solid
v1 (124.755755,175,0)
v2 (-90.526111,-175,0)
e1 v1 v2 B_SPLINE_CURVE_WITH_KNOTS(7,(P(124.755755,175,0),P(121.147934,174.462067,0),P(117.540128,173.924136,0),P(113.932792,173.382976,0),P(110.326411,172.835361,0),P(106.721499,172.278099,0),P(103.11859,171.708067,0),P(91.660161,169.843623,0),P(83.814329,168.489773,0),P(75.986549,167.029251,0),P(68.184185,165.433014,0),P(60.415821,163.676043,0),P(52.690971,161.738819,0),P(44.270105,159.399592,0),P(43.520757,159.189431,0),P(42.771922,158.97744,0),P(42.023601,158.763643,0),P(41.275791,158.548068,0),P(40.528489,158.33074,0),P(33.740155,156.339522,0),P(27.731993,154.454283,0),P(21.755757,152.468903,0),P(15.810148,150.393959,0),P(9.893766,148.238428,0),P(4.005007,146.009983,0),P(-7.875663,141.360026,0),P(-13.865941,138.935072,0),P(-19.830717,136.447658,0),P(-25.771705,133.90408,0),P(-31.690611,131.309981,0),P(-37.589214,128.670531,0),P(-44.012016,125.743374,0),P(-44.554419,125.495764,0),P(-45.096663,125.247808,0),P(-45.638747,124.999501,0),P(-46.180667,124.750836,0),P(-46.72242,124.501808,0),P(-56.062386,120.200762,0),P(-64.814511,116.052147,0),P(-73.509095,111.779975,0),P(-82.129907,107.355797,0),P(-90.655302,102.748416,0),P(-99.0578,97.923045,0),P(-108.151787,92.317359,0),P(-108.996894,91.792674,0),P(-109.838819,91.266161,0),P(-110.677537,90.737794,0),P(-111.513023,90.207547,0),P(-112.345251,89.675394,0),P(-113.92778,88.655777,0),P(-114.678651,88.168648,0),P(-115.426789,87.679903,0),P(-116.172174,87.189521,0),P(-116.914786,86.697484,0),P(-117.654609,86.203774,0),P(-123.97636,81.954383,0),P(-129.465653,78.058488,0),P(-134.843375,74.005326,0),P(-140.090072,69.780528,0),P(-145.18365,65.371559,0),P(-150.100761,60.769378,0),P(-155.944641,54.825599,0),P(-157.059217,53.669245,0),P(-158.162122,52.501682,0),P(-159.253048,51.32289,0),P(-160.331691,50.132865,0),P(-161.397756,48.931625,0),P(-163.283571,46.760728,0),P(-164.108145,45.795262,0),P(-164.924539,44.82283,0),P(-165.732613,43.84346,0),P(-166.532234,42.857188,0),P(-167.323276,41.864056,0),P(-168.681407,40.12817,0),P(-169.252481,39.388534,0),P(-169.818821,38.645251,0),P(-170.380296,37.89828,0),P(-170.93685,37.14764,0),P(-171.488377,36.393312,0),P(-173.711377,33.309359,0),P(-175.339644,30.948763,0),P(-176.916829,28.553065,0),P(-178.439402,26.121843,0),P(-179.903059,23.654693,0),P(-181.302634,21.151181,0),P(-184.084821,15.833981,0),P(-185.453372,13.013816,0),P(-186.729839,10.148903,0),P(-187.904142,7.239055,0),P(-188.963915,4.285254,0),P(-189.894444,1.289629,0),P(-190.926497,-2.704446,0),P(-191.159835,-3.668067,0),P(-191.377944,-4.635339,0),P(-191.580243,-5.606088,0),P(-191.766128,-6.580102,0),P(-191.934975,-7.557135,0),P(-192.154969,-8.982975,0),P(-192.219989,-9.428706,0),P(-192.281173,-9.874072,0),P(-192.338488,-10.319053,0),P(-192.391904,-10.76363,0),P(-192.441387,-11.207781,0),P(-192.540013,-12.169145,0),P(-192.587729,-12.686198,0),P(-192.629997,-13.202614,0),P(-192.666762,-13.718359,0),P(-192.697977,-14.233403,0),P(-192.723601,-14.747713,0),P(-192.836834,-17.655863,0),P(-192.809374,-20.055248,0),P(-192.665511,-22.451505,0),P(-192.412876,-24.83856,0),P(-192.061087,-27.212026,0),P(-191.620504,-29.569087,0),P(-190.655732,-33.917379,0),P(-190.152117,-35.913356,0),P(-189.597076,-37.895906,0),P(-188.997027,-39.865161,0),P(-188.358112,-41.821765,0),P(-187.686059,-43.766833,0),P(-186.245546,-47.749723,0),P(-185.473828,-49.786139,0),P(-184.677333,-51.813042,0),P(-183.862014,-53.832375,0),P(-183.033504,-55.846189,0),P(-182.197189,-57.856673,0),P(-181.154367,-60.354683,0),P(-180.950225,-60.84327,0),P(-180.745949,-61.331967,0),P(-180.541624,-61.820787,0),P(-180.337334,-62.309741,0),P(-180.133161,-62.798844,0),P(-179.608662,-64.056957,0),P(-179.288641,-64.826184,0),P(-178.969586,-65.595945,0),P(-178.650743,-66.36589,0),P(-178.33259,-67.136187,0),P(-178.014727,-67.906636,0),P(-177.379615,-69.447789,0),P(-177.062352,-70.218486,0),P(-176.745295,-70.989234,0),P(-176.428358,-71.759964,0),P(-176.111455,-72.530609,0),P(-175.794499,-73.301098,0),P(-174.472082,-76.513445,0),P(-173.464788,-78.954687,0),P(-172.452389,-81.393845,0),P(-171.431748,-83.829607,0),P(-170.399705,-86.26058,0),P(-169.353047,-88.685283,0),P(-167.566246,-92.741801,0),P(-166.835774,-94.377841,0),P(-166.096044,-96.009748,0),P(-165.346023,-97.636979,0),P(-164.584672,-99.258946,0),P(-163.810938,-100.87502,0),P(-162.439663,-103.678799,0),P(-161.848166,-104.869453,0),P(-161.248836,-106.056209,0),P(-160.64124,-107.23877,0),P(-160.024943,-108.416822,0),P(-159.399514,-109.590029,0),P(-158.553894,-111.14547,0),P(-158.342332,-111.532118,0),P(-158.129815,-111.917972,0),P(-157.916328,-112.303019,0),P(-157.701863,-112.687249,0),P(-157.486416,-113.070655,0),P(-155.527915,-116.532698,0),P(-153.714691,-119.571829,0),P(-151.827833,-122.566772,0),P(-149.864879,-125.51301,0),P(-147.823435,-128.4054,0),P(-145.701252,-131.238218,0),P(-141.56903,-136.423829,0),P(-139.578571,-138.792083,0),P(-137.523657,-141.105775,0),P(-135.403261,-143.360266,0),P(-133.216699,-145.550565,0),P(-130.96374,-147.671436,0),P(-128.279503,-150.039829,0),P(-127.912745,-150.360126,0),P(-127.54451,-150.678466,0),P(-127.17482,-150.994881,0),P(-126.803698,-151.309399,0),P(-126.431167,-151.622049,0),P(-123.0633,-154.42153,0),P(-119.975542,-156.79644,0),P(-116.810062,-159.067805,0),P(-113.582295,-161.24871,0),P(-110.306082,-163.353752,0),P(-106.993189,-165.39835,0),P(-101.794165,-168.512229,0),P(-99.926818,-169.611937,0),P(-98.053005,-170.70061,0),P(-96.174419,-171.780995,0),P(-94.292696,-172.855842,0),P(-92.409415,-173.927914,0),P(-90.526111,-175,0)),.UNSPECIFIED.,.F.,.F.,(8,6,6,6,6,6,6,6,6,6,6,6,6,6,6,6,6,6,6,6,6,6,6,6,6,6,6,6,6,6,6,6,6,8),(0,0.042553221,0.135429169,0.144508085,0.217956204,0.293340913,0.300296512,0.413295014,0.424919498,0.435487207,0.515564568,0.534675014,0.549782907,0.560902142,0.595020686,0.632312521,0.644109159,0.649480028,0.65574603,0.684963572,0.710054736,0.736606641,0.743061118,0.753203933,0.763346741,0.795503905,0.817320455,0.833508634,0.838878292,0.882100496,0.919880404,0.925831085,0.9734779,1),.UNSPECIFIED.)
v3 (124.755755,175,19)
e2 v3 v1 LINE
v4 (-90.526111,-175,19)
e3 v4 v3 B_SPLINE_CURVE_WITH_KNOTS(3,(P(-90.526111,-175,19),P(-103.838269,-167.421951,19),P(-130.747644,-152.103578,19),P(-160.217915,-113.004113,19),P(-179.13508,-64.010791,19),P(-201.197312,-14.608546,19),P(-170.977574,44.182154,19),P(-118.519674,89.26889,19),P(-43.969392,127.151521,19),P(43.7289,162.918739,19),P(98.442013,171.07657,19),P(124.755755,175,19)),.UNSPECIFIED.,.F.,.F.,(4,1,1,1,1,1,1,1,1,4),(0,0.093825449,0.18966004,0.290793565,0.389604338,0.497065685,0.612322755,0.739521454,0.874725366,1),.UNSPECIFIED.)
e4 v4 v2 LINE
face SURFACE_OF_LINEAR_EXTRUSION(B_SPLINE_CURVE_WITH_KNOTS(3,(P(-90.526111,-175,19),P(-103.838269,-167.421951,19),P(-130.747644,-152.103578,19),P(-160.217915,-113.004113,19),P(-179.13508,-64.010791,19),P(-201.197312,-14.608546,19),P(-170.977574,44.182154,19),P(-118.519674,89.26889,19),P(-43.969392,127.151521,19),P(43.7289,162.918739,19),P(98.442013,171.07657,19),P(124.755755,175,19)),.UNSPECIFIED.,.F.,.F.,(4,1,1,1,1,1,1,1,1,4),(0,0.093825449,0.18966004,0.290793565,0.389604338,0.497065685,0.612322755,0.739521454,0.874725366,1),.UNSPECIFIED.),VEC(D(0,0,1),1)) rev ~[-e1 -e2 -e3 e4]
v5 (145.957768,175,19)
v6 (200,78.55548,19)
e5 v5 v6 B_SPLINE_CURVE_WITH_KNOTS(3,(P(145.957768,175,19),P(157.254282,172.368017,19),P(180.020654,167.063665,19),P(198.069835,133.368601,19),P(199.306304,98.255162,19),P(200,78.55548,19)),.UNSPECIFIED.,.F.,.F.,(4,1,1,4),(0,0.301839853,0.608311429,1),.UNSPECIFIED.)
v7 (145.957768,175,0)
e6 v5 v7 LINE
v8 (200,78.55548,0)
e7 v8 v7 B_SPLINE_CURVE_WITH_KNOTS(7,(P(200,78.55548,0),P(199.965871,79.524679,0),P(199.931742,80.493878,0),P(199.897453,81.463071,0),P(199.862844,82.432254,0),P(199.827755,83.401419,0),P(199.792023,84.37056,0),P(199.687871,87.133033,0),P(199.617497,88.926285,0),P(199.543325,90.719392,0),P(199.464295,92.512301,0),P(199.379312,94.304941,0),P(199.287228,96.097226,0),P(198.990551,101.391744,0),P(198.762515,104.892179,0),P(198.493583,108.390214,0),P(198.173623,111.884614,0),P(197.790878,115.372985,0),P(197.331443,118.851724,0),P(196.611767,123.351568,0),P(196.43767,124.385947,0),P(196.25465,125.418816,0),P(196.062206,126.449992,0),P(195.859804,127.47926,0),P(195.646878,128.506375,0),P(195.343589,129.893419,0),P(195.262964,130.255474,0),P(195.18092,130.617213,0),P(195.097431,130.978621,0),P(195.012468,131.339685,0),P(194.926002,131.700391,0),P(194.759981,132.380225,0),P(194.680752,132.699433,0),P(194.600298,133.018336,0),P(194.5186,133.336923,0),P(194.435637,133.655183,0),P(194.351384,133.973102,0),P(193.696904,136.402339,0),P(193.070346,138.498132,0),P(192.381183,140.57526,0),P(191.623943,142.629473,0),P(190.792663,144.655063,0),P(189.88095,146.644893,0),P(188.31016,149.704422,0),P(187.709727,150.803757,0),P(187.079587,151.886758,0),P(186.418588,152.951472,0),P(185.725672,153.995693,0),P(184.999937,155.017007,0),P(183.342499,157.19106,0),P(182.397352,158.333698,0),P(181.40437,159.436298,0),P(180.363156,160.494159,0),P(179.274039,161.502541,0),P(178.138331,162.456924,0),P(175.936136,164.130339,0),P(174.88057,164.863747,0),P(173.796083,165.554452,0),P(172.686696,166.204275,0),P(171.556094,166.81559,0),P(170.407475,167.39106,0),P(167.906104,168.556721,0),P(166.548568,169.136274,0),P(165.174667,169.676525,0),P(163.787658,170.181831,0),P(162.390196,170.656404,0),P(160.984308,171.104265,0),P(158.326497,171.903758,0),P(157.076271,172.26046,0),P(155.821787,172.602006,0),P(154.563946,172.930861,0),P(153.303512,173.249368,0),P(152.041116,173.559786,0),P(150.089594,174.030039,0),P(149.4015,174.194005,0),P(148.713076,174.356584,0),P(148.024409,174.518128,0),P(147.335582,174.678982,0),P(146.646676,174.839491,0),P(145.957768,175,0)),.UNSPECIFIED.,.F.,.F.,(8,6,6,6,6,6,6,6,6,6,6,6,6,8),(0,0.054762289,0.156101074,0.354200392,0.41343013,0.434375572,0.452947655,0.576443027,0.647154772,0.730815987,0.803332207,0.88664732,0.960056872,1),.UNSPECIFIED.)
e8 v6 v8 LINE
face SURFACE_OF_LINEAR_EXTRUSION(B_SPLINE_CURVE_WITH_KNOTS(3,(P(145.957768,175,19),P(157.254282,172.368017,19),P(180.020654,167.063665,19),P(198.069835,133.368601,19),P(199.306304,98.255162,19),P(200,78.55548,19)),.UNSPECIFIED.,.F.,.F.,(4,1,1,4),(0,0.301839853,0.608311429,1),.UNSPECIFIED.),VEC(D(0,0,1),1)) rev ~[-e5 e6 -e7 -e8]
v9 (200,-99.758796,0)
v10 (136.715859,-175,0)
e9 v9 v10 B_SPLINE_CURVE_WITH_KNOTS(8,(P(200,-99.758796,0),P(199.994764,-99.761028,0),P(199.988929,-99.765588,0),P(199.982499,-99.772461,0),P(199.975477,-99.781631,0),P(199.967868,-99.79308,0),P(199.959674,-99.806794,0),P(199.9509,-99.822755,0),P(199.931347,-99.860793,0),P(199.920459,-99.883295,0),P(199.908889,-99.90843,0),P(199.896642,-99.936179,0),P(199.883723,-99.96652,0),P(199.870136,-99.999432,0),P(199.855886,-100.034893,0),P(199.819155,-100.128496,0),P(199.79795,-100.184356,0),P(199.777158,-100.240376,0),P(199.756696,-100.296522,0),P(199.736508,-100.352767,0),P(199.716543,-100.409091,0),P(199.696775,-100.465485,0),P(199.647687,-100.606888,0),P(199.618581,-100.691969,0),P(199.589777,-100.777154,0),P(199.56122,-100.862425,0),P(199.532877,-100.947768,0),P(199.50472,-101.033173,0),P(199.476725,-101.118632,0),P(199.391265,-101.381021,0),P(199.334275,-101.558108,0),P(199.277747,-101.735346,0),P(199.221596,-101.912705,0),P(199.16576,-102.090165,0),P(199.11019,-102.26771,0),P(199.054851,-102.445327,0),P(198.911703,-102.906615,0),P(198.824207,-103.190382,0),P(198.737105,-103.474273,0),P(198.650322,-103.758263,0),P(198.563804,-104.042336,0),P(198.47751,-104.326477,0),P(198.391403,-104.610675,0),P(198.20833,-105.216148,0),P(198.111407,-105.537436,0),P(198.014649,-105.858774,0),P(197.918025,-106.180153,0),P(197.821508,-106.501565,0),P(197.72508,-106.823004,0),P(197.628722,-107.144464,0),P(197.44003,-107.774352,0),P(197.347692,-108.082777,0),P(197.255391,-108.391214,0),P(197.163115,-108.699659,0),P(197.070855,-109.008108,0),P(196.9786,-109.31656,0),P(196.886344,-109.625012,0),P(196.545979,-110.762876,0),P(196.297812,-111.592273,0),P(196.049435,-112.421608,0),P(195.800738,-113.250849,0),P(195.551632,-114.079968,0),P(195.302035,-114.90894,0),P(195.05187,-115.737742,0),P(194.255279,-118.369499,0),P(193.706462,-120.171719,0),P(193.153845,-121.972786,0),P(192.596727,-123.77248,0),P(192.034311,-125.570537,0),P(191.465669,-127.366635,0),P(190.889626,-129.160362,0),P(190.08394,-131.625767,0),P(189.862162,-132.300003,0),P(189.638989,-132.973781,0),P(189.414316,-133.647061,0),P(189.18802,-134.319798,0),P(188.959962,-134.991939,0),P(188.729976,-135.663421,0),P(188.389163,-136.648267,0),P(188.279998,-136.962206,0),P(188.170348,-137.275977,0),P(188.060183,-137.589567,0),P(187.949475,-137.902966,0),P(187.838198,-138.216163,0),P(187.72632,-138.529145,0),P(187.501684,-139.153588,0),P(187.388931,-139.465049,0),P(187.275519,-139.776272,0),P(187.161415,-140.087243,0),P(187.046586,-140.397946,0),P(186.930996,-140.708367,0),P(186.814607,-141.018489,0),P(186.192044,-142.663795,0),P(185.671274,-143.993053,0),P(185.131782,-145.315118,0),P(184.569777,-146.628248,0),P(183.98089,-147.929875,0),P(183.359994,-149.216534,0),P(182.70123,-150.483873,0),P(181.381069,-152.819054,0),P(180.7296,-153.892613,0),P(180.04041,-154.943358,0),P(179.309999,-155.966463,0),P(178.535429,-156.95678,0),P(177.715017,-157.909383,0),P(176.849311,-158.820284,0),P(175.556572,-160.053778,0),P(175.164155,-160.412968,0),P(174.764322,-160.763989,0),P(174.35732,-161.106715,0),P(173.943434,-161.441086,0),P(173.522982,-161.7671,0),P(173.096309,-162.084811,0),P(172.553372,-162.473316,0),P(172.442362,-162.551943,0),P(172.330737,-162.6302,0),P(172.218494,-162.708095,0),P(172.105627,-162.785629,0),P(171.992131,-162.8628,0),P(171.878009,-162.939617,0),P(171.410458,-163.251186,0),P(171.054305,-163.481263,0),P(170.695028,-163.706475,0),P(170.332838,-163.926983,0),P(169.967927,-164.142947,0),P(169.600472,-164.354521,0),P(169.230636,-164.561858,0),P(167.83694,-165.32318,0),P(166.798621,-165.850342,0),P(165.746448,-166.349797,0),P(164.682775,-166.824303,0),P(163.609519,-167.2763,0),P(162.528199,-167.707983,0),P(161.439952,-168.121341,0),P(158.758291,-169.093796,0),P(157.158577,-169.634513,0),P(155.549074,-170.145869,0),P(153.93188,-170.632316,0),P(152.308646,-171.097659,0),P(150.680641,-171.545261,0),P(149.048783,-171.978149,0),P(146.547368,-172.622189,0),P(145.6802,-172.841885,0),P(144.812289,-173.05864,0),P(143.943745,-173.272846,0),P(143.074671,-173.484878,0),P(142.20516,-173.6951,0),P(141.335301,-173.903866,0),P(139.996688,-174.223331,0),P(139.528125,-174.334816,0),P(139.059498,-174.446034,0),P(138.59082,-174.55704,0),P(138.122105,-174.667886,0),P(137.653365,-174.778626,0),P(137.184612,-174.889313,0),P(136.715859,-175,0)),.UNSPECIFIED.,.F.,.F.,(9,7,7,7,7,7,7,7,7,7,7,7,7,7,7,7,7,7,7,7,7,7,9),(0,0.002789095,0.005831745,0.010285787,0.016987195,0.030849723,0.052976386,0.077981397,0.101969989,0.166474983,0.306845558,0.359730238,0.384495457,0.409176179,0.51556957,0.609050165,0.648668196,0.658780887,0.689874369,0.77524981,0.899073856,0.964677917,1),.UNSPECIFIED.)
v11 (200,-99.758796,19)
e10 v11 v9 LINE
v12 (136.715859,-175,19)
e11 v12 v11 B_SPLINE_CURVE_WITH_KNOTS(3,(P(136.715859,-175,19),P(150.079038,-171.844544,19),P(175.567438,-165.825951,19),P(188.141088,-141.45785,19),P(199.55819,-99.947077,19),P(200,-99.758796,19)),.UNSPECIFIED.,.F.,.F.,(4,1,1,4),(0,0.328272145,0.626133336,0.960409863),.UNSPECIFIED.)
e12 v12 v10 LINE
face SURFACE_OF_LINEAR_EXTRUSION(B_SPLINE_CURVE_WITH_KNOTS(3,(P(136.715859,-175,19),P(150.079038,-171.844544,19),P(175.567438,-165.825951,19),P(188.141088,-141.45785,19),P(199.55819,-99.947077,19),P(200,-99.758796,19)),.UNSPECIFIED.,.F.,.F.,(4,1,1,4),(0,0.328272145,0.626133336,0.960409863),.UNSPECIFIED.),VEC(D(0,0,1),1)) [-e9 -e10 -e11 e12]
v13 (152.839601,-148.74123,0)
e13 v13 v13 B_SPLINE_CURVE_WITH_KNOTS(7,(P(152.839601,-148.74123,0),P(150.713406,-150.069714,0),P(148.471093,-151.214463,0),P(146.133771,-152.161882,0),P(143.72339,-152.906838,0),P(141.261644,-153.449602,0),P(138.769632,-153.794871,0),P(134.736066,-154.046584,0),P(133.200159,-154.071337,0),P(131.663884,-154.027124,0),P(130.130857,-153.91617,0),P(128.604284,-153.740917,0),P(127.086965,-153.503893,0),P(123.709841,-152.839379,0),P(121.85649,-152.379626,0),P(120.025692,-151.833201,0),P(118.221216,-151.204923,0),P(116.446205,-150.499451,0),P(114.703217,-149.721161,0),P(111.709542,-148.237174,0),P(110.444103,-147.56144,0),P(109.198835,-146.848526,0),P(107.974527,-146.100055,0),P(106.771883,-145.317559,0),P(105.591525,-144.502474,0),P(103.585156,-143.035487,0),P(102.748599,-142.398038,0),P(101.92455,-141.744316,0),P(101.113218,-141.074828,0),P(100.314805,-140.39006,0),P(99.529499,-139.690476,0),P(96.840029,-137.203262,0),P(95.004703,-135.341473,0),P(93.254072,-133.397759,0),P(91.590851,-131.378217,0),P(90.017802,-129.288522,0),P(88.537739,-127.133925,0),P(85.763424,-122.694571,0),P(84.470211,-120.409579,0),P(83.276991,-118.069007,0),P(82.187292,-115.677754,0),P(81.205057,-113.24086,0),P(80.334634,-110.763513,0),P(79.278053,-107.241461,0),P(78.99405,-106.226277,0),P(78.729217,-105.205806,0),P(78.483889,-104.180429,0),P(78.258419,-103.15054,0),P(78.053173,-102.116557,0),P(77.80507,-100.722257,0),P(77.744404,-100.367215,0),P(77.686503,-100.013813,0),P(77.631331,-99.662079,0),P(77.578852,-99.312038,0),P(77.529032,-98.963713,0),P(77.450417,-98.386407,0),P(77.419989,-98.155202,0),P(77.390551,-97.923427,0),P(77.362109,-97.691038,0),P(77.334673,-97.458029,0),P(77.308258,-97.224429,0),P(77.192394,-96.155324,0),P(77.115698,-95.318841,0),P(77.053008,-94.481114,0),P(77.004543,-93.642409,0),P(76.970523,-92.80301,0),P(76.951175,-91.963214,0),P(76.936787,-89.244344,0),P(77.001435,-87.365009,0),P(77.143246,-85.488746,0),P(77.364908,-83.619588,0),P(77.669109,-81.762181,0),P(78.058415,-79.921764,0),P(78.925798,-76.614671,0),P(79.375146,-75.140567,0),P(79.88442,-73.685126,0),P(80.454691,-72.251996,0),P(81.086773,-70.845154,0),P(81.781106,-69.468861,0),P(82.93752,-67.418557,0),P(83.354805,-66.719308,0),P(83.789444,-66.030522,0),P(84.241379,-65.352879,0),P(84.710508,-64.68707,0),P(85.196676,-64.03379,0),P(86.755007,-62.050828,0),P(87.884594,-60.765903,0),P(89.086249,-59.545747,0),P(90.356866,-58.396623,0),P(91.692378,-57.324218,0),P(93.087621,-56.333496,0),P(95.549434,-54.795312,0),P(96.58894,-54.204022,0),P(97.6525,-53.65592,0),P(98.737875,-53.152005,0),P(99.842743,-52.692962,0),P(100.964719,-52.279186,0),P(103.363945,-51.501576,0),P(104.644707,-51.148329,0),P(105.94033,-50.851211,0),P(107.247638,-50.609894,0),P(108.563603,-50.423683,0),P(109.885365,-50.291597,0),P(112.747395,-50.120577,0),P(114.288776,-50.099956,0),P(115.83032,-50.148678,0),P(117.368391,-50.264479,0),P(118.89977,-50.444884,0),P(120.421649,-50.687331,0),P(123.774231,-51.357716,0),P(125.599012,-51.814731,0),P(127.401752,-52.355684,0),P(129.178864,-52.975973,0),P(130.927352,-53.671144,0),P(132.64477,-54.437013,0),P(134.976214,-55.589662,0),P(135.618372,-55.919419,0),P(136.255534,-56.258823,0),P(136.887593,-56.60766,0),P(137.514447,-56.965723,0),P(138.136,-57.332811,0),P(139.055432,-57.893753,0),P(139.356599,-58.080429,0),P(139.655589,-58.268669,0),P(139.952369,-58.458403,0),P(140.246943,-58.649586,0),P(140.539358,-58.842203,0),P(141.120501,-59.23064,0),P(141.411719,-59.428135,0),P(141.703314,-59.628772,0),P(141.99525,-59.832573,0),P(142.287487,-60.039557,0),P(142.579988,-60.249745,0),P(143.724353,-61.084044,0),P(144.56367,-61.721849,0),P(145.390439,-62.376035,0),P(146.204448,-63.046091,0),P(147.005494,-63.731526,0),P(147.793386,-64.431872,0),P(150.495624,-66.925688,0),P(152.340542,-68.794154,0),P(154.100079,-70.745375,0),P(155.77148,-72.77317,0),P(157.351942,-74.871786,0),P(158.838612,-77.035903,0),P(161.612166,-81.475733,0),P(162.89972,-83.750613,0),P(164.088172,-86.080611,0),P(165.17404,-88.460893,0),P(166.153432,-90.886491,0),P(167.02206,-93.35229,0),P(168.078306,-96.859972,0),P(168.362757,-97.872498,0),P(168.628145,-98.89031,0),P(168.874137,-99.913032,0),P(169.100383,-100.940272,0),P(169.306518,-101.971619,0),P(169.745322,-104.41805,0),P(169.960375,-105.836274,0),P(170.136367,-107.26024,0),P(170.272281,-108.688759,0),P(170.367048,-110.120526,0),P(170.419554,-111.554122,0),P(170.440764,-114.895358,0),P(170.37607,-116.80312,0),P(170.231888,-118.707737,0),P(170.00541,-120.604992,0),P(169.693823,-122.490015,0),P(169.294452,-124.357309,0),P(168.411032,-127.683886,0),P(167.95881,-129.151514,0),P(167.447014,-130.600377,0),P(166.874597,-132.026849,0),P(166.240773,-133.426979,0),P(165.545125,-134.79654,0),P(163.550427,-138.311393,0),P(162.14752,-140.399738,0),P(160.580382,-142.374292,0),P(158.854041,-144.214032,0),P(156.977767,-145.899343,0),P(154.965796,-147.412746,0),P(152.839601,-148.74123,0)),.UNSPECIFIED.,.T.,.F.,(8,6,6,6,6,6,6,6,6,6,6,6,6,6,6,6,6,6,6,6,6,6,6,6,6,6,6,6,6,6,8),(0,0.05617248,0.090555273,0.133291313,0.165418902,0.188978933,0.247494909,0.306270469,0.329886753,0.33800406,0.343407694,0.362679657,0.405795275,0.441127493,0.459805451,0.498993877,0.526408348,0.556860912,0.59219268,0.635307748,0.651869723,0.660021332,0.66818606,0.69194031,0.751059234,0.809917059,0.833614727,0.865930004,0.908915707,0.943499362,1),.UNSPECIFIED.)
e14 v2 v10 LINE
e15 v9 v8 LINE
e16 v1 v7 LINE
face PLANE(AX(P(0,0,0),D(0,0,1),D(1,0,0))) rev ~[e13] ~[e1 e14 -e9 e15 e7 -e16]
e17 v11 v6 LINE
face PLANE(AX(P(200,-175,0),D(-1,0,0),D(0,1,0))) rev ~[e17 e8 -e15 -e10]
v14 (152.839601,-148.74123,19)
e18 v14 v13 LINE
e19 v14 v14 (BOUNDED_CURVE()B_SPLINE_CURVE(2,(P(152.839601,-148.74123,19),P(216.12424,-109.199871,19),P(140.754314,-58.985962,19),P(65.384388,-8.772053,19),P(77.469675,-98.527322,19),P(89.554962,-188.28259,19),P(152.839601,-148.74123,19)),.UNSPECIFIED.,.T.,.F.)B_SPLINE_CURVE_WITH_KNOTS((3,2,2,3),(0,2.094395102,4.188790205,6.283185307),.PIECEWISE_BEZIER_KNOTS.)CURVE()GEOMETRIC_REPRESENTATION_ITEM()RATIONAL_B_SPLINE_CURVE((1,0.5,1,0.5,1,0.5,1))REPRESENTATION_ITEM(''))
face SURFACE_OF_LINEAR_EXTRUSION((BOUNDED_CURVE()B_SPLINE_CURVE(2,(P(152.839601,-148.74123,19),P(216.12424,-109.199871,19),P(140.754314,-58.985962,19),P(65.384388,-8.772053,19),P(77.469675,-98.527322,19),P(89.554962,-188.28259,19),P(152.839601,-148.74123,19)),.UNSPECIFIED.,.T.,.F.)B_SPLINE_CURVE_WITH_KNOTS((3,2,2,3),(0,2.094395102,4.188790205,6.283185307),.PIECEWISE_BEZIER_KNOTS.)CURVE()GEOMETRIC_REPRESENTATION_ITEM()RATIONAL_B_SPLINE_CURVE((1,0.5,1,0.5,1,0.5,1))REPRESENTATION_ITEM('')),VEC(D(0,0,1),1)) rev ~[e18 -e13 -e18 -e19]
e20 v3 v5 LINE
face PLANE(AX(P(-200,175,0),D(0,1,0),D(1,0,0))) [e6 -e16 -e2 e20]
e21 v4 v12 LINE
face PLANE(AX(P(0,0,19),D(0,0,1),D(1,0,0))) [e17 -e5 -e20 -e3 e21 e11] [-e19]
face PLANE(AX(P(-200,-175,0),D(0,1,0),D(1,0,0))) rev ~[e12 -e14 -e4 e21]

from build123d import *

# Parameters (mm, degrees)
F0_W     = 400
F0_H     = 350
F1_DEPTH = 19
F3_DEPTH = 19.001
F4_DEPTH = 19.0010001
F5_DEPTH = 19.0010001
F6_DEPTH = 19.0010001


with BuildPart() as f1:
    # F0 (on Top) → F1 (new body)
    with BuildSketch(Plane.XY):
        Rectangle(F0_W, F0_H)
    extrude(amount=F1_DEPTH)

    # F2 (on face) → F3 (cut, through all)
    with BuildSketch(Plane.XY.offset(19)):
        with BuildLine():
            add(Edge.make_bspline(
                [(152.8396010399, -148.7412303686), (216.1242403951, -109.1998705066), (140.7543141826, -58.9859616655), (65.38438797, -8.7720528245), (77.4696748273, -98.5273215276), (89.5549616846, -188.2825902307), (152.8396010399, -148.7412303686)],
                knots=[0, 0, 0, 2.0943951024, 2.0943951024, 4.1887902048, 4.1887902048, 6.2831853072, 6.2831853072, 6.2831853072], degree=2, weights=[1, 0.5, 1, 0.5, 1, 0.5, 1]))
        make_face()
        with BuildLine():
            Line((-200, -175), (-90.526111424, -175))
            add(Edge.make_bspline(
                [(-90.526111424, -175), (-103.8382685329, -167.4219505571), (-130.7476441047, -152.1035782684), (-160.2179153869, -113.0041133944), (-179.1350797652, -64.0107909146), (-201.1973124328, -14.6085460662), (-170.9775737898, 44.1821535107), (-118.5196742107, 89.26889049), (-43.9693923119, 127.1515212), (43.7289003313, 162.9187394455), (98.4420131893, 171.0765702578), (124.7557550669, 175)],
                knots=[0, 0, 0, 0, 0.093825449, 0.1896600397, 0.2907935652, 0.3896043383, 0.4970656848, 0.612322755, 0.7395214544, 0.8747253655, 1, 1, 1, 1], degree=3))
            Line((124.7557550669, 175), (-200, 175))
            Line((-200, 175), (-200, -175))
        make_face()
    extrude(amount=-F3_DEPTH, mode=Mode.SUBTRACT)

    # F2 (on face) → F4 (cut, through all)
    with BuildSketch(Plane.XY.offset(19)):
        with BuildLine():
            add(Edge.make_bspline(
                [(145.9577679634, 175), (157.2542816099, 172.3680174619), (180.0206535737, 167.0636646908), (198.0698354585, 133.3686007913), (199.3063042805, 98.2551615621), (200, 78.5554796457)],
                knots=[0, 0, 0, 0, 0.3018398528, 0.6083114292, 1, 1, 1, 1], degree=3))
            Line((200, 78.5554796457), (200, 175))
            Line((200, 175), (145.9577679634, 175))
        make_face()
    extrude(amount=-F4_DEPTH, mode=Mode.SUBTRACT)

    # F2 (on face) → F5 (cut, through all)
    with BuildSketch(Plane.XY.offset(19)):
        with BuildLine():
            add(Edge.make_bspline(
                [(136.7158591747, -175), (150.0790380051, -171.8445438862), (175.5674379653, -165.8259514162), (188.1410879475, -141.4578501721), (199.558189704, -99.9470767575), (200, -99.7587963939)],
                knots=[0, 0, 0, 0, 0.3282721453, 0.6261333355, 0.960409863, 0.960409863, 0.960409863, 0.960409863], degree=3))
            Line((136.7158591747, -175), (200, -175))
            Line((200, -175), (200, -100.3024280071))
            Line((200, -100.3024280071), (200, -99.7587963939))
        make_face()
    extrude(amount=-F5_DEPTH, mode=Mode.SUBTRACT)

    # F2 (on face) → F6 (cut, through all)
    with BuildSketch(Plane.XY.offset(19)):
        with BuildLine():
            add(Edge.make_bspline(
                [(152.8396010399, -148.7412303686), (216.1242403951, -109.1998705066), (140.7543141826, -58.9859616655), (65.38438797, -8.7720528245), (77.4696748273, -98.5273215276), (89.5549616846, -188.2825902307), (152.8396010399, -148.7412303686)],
                knots=[0, 0, 0, 2.0943951024, 2.0943951024, 4.1887902048, 4.1887902048, 6.2831853072, 6.2831853072, 6.2831853072], degree=2, weights=[1, 0.5, 1, 0.5, 1, 0.5, 1]))
        make_face()
    extrude(amount=-F6_DEPTH, mode=Mode.SUBTRACT)


solid = f1.part
